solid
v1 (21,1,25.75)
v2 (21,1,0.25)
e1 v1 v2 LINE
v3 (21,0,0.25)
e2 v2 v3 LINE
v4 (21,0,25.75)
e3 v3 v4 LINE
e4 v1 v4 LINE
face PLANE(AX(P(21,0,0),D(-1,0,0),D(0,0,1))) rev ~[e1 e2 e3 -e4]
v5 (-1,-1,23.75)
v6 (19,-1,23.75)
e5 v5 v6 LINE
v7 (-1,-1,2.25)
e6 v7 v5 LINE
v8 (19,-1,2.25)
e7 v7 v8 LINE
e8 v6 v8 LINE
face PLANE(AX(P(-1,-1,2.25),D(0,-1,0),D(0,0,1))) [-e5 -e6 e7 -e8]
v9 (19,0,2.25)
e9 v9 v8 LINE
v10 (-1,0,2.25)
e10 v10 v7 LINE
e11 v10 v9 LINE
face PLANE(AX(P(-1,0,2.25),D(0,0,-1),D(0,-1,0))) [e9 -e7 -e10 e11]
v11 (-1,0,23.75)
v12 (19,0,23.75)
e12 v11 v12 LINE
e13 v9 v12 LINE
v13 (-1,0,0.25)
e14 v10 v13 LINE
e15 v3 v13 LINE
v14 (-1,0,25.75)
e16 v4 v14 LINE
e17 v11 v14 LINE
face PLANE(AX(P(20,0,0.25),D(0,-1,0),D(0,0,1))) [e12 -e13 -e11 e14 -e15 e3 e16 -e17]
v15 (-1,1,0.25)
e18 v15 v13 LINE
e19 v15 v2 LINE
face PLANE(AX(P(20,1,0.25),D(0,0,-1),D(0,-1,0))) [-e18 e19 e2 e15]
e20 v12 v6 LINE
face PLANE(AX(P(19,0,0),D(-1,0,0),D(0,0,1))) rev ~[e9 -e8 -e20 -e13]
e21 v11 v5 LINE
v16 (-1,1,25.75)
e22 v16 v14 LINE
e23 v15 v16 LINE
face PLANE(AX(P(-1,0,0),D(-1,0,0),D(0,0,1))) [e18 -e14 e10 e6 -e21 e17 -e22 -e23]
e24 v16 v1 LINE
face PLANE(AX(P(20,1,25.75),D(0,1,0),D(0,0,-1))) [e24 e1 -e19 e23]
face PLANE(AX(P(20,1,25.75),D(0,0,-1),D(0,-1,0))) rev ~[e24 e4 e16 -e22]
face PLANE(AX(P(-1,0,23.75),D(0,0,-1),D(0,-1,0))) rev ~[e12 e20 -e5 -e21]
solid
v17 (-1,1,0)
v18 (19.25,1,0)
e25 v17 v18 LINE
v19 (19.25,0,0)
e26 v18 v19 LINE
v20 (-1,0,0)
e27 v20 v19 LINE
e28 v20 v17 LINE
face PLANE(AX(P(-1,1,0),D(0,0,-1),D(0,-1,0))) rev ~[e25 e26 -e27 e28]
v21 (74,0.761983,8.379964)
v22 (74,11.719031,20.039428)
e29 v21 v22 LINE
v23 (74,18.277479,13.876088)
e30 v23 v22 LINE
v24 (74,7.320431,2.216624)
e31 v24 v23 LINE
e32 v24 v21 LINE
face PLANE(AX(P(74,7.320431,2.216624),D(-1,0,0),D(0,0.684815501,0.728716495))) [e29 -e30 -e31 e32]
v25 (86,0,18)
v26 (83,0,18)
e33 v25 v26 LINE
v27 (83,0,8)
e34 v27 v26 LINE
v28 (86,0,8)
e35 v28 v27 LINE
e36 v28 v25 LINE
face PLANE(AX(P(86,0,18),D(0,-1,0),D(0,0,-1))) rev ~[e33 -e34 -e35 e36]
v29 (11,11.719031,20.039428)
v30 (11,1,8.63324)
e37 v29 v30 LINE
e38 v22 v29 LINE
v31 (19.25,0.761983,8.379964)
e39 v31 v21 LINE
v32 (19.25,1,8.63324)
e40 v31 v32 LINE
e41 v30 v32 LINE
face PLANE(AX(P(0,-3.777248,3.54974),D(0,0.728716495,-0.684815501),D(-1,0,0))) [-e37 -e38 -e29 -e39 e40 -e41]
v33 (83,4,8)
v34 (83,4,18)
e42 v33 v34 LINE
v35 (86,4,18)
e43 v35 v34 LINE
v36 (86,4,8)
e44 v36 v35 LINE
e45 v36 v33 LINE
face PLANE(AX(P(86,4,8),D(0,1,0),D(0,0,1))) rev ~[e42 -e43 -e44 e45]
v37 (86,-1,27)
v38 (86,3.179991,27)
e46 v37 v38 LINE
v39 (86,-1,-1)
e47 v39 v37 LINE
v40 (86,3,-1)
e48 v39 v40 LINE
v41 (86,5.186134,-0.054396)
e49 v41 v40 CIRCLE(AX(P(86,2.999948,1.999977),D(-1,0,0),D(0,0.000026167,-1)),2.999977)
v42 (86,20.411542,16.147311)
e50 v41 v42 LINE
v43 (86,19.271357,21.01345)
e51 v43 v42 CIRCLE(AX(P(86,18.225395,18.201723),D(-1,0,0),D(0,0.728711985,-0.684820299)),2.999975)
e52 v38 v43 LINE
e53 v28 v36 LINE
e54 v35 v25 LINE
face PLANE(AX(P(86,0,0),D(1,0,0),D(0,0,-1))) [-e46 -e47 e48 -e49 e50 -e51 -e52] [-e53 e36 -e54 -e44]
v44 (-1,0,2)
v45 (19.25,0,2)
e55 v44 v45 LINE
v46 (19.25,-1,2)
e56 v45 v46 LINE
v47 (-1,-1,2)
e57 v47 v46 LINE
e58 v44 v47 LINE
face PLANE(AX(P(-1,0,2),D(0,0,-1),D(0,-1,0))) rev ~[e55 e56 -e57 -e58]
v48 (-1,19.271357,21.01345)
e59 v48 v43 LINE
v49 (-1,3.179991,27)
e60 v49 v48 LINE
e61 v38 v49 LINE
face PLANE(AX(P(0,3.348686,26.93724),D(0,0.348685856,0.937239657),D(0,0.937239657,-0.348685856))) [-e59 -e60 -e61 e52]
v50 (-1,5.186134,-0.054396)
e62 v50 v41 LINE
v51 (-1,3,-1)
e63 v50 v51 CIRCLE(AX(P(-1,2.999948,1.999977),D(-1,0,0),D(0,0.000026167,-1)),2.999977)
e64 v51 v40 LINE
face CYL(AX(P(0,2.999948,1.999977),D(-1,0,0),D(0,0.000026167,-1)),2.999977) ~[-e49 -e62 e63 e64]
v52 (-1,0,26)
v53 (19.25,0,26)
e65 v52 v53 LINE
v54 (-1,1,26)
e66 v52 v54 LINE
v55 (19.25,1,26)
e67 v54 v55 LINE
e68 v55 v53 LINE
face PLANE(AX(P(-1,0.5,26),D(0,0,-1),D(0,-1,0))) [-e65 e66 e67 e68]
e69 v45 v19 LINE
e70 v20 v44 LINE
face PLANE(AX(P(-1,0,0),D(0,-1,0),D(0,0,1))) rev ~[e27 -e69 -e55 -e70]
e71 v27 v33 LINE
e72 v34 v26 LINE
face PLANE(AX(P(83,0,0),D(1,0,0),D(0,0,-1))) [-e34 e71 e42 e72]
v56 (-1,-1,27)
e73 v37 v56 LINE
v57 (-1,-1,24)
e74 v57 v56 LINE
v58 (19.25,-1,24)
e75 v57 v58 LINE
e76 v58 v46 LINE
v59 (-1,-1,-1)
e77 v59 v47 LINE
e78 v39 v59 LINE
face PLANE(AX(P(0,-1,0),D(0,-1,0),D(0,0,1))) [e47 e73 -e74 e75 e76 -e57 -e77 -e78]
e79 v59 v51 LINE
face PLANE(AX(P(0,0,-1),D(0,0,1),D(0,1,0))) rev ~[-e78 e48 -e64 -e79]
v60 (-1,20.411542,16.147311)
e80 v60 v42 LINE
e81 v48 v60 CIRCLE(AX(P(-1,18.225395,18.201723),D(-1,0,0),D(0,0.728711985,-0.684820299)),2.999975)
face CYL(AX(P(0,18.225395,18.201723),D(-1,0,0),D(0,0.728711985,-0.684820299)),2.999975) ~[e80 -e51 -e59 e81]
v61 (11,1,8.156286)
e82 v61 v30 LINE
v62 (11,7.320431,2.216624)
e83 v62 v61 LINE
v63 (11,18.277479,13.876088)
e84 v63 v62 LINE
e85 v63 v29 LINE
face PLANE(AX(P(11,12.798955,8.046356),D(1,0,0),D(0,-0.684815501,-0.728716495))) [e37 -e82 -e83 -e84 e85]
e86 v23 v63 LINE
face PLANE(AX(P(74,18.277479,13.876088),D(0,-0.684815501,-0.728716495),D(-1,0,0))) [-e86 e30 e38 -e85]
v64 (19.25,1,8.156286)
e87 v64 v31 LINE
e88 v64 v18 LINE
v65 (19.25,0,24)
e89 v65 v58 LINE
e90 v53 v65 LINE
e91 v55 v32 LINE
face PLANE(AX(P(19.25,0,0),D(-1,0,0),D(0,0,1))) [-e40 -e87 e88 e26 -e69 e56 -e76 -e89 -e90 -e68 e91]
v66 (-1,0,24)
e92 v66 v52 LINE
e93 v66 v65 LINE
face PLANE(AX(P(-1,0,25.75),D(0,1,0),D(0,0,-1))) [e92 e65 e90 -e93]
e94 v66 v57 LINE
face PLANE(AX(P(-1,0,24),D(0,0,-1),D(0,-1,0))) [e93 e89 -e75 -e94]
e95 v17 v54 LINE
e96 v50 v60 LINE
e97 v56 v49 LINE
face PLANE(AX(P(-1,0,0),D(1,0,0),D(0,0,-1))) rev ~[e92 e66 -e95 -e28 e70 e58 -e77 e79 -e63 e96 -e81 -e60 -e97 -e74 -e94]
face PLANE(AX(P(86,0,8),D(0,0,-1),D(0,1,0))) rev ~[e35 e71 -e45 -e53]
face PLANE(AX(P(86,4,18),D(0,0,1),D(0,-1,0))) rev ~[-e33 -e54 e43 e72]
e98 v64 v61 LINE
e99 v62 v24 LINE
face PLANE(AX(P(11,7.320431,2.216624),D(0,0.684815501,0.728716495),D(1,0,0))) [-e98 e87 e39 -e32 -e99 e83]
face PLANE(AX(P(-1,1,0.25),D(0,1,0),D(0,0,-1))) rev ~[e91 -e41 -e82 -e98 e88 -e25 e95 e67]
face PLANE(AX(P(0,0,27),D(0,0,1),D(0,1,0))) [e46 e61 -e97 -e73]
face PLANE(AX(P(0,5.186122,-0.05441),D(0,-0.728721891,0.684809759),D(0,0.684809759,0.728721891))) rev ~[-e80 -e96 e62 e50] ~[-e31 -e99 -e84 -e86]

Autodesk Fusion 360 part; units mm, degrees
sketch "profile" plane through (0, 0, 0) normal (1, 0, 0) x (0, 0, -1)
  line L0 (0, 0) -> (-26, 0)
  line L1 (-26, 0) -> (-26, 3)
  line L2 (-26, 3) -> (-20.0762, 18.9227)
  line L3 (0, 0) -> (0, 3)
  line L4 (-0.6304, 4.4574) -> (-16.8321, 19.6828)
  arc A0 (-16.8321, 19.6828) -> (-20.0762, 18.9227) centre (-18.2017, 18.2254) ccw
  arc A1 (0, 3) -> (-0.6304, 4.4574) centre (-2, 3) ccw
  point P0 (-19.0263, 21.7448)
  dimension "d1" = 26
  dimension "d2" = 3
  dimension "d3" = 20
  dimension "d4" = 2
  dimension "d5" = 2
extrude "Extrude1" add sketch "profile" along normal blind 85 makes body 1
shell "Shell1" thickness 1 outward yes removed faces 0 bodies 1
sketch "FACE" plane through (0, 2.7812, -2.6136) normal (0, 0.7287, -0.6848) x (-1, 0, 0)
  line L0 (1, 3.5119) -> (1, 25.7449)
  line L1 (1, 25.7449) -> (-86, 25.7449)
  line L2 (-86, 25.7449) -> (-86, 3.5119)
  line L3 (-86, 3.5119) -> (1, 3.5119)
  line L4 (-74, 22.6284) -> (-11, 22.6284)
  line L5 (-11, 22.6284) -> (-11, 6.6284)
  line L6 (-11, 6.6284) -> (-74, 6.6284)
  line L7 (-74, 6.6284) -> (-74, 22.6284)
  line L8 (-86, 14.6284) -> (-74, 14.6284)
  line L9 (-11, 14.6284) -> (1, 14.6284)
  line L10 (-42.5, 22.6284) -> (-42.5, 25.7449)
  line L11 (-42.5, 6.6284) -> (-42.5, 3.5119)
  dimension "d10" = 63
  dimension "d11" = 16
extrude "Extrude2" cut sketch "FACE" against normal blind 9 contours L4 L5 L6 L7 bodies 1
sketch "Port" plane through (86, 0, 0) normal (1, 0, 0) x (0, 0, -1)
  line L0 (1, -1) -> (1, 3)
  arc A0 (1, 3) -> (0.0544, 5.1862) centre (-2, 3) ccw
  line L1 (0.0544, 5.1862) -> (-16.1473, 20.4115)
  arc A1 (-16.1473, 20.4115) -> (-21.0134, 19.2714) centre (-18.2017, 18.2254) ccw
  line L2 (-21.0134, 19.2714) -> (-27, 3.18)
  line L3 (-27, 3.18) -> (-27, -1)
  line L4 (-27, -1) -> (1, -1)
  line L5 (-13, -1) -> (-13, 0)
  line L6 (-13, 0) -> (-8, 0)
  line L7 (-8, 0) -> (-8, 4)
  line L8 (-8, 4) -> (-18, 4)
  line L9 (-18, 4) -> (-18, 0)
  line L10 (-18, 0) -> (-13, 0)
extrude "Extrude3" cut sketch "Port" against normal blind 3 contours L6 L7 L8 L9 L10 bodies 1
sketch "Cutout" plane through (-1, 0, 0) normal (-1, 0, 0) x (0, 0, 1)
  line L0 (-1, 3) -> (-1, -1)
  line L1 (-1, -1) -> (27, -1)
  line L2 (27, -1) -> (27, 3.18)
  line L3 (27, 3.18) -> (21.0134, 19.2714)
  arc A0 (21.0134, 19.2714) -> (16.1473, 20.4115) centre (18.2017, 18.2254) ccw
  line L4 (16.1473, 20.4115) -> (-0.0544, 5.1862)
  arc A1 (-0.0544, 5.1862) -> (-1, 3) centre (2, 3) ccw
  line L5 (13, -1) -> (13, 0)
  line L6 (-1, -1) -> (-1, 0)
  line L7 (27, -1) -> (27, 0)
  line L8 (27, 0) -> (24, 0)
  line L9 (-1, 0) -> (2, 0)
  line L10 (2, 0) -> (2.25, 0)
  line L11 (24, 0) -> (23.75, 0)
  line L12 (23.75, 0) -> (2.25, 0)
  line L13 (2, 0) -> (2, -1)
  line L14 (24, 0) -> (24, -1)
  line L15 (2.25, 0) -> (2.25, -1)
  line L16 (23.75, 0) -> (23.75, -1)
  line L17 (2.25, 0) -> (2.25, 1)
  line L18 (2.25, 1) -> (0.25, 1)
  line L19 (0.25, 1) -> (0.25, 0)
  line L20 (24, 1) -> (25.75, 1)
  line L21 (25.75, 1) -> (25.75, 0)
  line L22 (2.25, 1) -> (24, 1)
  line L23 (23.75, 0) -> (23.75, -1)
  line L24 (2.25, 0) -> (2.25, -1)
  line L25 (0.25, 1) -> (0, 1)
  line L26 (0, 1) -> (0, 0)
  line L27 (25.75, 1) -> (26, 1)
  line L28 (26, 1) -> (26, 0)
  line L29 (26, 0.5) -> (27, 0.5)
  line L30 (0, 0.5) -> (-1, 0.5)
  dimension "d16" = 0.25
  dimension "d17" = 0.25
  dimension "d18" = 3
  dimension "d19" = 3
  dimension "d20" = 1
  dimension "d21" = 2
  dimension "d22" = 3
  dimension "d23" = 3
  dimension "d24" = 0
extrude "Extrude4" cut sketch "Cutout" against normal blind 20.25 contours L9 L19 L25 L26 | L1 L10 L13 L15 L24 | L9 L10 L17 L18 L19 | L1 L5 L12 L15 L24 | L8 L11 L12 L17 L20 L21 L22 | L1 L5 L12 L16 L23 | L8 L21 L27 L28 | L1 L11 L14 L16 L23 bodies 1
extrude "Extrude5" add sketch "Cutout" against normal blind 20 separate body contours L9 L10 L17 L18 L19 | L1 L5 L12 L15 L24 | L8 L11 L12 L17 L20 L21 L22 | L1 L5 L12 L16 L23 makes body 2
extrude "Extrude6" add sketch "Cutout" against normal blind 21 contours L9 L10 L17 L18 L19 | L8 L11 L12 L17 L20 L21 L22 bodies 2
extrude "Extrude7" add 1 faces at (20, 0.6667, 8.75) along direction (1, 0, 0) blind 1 on bodies 2 bodies 2
